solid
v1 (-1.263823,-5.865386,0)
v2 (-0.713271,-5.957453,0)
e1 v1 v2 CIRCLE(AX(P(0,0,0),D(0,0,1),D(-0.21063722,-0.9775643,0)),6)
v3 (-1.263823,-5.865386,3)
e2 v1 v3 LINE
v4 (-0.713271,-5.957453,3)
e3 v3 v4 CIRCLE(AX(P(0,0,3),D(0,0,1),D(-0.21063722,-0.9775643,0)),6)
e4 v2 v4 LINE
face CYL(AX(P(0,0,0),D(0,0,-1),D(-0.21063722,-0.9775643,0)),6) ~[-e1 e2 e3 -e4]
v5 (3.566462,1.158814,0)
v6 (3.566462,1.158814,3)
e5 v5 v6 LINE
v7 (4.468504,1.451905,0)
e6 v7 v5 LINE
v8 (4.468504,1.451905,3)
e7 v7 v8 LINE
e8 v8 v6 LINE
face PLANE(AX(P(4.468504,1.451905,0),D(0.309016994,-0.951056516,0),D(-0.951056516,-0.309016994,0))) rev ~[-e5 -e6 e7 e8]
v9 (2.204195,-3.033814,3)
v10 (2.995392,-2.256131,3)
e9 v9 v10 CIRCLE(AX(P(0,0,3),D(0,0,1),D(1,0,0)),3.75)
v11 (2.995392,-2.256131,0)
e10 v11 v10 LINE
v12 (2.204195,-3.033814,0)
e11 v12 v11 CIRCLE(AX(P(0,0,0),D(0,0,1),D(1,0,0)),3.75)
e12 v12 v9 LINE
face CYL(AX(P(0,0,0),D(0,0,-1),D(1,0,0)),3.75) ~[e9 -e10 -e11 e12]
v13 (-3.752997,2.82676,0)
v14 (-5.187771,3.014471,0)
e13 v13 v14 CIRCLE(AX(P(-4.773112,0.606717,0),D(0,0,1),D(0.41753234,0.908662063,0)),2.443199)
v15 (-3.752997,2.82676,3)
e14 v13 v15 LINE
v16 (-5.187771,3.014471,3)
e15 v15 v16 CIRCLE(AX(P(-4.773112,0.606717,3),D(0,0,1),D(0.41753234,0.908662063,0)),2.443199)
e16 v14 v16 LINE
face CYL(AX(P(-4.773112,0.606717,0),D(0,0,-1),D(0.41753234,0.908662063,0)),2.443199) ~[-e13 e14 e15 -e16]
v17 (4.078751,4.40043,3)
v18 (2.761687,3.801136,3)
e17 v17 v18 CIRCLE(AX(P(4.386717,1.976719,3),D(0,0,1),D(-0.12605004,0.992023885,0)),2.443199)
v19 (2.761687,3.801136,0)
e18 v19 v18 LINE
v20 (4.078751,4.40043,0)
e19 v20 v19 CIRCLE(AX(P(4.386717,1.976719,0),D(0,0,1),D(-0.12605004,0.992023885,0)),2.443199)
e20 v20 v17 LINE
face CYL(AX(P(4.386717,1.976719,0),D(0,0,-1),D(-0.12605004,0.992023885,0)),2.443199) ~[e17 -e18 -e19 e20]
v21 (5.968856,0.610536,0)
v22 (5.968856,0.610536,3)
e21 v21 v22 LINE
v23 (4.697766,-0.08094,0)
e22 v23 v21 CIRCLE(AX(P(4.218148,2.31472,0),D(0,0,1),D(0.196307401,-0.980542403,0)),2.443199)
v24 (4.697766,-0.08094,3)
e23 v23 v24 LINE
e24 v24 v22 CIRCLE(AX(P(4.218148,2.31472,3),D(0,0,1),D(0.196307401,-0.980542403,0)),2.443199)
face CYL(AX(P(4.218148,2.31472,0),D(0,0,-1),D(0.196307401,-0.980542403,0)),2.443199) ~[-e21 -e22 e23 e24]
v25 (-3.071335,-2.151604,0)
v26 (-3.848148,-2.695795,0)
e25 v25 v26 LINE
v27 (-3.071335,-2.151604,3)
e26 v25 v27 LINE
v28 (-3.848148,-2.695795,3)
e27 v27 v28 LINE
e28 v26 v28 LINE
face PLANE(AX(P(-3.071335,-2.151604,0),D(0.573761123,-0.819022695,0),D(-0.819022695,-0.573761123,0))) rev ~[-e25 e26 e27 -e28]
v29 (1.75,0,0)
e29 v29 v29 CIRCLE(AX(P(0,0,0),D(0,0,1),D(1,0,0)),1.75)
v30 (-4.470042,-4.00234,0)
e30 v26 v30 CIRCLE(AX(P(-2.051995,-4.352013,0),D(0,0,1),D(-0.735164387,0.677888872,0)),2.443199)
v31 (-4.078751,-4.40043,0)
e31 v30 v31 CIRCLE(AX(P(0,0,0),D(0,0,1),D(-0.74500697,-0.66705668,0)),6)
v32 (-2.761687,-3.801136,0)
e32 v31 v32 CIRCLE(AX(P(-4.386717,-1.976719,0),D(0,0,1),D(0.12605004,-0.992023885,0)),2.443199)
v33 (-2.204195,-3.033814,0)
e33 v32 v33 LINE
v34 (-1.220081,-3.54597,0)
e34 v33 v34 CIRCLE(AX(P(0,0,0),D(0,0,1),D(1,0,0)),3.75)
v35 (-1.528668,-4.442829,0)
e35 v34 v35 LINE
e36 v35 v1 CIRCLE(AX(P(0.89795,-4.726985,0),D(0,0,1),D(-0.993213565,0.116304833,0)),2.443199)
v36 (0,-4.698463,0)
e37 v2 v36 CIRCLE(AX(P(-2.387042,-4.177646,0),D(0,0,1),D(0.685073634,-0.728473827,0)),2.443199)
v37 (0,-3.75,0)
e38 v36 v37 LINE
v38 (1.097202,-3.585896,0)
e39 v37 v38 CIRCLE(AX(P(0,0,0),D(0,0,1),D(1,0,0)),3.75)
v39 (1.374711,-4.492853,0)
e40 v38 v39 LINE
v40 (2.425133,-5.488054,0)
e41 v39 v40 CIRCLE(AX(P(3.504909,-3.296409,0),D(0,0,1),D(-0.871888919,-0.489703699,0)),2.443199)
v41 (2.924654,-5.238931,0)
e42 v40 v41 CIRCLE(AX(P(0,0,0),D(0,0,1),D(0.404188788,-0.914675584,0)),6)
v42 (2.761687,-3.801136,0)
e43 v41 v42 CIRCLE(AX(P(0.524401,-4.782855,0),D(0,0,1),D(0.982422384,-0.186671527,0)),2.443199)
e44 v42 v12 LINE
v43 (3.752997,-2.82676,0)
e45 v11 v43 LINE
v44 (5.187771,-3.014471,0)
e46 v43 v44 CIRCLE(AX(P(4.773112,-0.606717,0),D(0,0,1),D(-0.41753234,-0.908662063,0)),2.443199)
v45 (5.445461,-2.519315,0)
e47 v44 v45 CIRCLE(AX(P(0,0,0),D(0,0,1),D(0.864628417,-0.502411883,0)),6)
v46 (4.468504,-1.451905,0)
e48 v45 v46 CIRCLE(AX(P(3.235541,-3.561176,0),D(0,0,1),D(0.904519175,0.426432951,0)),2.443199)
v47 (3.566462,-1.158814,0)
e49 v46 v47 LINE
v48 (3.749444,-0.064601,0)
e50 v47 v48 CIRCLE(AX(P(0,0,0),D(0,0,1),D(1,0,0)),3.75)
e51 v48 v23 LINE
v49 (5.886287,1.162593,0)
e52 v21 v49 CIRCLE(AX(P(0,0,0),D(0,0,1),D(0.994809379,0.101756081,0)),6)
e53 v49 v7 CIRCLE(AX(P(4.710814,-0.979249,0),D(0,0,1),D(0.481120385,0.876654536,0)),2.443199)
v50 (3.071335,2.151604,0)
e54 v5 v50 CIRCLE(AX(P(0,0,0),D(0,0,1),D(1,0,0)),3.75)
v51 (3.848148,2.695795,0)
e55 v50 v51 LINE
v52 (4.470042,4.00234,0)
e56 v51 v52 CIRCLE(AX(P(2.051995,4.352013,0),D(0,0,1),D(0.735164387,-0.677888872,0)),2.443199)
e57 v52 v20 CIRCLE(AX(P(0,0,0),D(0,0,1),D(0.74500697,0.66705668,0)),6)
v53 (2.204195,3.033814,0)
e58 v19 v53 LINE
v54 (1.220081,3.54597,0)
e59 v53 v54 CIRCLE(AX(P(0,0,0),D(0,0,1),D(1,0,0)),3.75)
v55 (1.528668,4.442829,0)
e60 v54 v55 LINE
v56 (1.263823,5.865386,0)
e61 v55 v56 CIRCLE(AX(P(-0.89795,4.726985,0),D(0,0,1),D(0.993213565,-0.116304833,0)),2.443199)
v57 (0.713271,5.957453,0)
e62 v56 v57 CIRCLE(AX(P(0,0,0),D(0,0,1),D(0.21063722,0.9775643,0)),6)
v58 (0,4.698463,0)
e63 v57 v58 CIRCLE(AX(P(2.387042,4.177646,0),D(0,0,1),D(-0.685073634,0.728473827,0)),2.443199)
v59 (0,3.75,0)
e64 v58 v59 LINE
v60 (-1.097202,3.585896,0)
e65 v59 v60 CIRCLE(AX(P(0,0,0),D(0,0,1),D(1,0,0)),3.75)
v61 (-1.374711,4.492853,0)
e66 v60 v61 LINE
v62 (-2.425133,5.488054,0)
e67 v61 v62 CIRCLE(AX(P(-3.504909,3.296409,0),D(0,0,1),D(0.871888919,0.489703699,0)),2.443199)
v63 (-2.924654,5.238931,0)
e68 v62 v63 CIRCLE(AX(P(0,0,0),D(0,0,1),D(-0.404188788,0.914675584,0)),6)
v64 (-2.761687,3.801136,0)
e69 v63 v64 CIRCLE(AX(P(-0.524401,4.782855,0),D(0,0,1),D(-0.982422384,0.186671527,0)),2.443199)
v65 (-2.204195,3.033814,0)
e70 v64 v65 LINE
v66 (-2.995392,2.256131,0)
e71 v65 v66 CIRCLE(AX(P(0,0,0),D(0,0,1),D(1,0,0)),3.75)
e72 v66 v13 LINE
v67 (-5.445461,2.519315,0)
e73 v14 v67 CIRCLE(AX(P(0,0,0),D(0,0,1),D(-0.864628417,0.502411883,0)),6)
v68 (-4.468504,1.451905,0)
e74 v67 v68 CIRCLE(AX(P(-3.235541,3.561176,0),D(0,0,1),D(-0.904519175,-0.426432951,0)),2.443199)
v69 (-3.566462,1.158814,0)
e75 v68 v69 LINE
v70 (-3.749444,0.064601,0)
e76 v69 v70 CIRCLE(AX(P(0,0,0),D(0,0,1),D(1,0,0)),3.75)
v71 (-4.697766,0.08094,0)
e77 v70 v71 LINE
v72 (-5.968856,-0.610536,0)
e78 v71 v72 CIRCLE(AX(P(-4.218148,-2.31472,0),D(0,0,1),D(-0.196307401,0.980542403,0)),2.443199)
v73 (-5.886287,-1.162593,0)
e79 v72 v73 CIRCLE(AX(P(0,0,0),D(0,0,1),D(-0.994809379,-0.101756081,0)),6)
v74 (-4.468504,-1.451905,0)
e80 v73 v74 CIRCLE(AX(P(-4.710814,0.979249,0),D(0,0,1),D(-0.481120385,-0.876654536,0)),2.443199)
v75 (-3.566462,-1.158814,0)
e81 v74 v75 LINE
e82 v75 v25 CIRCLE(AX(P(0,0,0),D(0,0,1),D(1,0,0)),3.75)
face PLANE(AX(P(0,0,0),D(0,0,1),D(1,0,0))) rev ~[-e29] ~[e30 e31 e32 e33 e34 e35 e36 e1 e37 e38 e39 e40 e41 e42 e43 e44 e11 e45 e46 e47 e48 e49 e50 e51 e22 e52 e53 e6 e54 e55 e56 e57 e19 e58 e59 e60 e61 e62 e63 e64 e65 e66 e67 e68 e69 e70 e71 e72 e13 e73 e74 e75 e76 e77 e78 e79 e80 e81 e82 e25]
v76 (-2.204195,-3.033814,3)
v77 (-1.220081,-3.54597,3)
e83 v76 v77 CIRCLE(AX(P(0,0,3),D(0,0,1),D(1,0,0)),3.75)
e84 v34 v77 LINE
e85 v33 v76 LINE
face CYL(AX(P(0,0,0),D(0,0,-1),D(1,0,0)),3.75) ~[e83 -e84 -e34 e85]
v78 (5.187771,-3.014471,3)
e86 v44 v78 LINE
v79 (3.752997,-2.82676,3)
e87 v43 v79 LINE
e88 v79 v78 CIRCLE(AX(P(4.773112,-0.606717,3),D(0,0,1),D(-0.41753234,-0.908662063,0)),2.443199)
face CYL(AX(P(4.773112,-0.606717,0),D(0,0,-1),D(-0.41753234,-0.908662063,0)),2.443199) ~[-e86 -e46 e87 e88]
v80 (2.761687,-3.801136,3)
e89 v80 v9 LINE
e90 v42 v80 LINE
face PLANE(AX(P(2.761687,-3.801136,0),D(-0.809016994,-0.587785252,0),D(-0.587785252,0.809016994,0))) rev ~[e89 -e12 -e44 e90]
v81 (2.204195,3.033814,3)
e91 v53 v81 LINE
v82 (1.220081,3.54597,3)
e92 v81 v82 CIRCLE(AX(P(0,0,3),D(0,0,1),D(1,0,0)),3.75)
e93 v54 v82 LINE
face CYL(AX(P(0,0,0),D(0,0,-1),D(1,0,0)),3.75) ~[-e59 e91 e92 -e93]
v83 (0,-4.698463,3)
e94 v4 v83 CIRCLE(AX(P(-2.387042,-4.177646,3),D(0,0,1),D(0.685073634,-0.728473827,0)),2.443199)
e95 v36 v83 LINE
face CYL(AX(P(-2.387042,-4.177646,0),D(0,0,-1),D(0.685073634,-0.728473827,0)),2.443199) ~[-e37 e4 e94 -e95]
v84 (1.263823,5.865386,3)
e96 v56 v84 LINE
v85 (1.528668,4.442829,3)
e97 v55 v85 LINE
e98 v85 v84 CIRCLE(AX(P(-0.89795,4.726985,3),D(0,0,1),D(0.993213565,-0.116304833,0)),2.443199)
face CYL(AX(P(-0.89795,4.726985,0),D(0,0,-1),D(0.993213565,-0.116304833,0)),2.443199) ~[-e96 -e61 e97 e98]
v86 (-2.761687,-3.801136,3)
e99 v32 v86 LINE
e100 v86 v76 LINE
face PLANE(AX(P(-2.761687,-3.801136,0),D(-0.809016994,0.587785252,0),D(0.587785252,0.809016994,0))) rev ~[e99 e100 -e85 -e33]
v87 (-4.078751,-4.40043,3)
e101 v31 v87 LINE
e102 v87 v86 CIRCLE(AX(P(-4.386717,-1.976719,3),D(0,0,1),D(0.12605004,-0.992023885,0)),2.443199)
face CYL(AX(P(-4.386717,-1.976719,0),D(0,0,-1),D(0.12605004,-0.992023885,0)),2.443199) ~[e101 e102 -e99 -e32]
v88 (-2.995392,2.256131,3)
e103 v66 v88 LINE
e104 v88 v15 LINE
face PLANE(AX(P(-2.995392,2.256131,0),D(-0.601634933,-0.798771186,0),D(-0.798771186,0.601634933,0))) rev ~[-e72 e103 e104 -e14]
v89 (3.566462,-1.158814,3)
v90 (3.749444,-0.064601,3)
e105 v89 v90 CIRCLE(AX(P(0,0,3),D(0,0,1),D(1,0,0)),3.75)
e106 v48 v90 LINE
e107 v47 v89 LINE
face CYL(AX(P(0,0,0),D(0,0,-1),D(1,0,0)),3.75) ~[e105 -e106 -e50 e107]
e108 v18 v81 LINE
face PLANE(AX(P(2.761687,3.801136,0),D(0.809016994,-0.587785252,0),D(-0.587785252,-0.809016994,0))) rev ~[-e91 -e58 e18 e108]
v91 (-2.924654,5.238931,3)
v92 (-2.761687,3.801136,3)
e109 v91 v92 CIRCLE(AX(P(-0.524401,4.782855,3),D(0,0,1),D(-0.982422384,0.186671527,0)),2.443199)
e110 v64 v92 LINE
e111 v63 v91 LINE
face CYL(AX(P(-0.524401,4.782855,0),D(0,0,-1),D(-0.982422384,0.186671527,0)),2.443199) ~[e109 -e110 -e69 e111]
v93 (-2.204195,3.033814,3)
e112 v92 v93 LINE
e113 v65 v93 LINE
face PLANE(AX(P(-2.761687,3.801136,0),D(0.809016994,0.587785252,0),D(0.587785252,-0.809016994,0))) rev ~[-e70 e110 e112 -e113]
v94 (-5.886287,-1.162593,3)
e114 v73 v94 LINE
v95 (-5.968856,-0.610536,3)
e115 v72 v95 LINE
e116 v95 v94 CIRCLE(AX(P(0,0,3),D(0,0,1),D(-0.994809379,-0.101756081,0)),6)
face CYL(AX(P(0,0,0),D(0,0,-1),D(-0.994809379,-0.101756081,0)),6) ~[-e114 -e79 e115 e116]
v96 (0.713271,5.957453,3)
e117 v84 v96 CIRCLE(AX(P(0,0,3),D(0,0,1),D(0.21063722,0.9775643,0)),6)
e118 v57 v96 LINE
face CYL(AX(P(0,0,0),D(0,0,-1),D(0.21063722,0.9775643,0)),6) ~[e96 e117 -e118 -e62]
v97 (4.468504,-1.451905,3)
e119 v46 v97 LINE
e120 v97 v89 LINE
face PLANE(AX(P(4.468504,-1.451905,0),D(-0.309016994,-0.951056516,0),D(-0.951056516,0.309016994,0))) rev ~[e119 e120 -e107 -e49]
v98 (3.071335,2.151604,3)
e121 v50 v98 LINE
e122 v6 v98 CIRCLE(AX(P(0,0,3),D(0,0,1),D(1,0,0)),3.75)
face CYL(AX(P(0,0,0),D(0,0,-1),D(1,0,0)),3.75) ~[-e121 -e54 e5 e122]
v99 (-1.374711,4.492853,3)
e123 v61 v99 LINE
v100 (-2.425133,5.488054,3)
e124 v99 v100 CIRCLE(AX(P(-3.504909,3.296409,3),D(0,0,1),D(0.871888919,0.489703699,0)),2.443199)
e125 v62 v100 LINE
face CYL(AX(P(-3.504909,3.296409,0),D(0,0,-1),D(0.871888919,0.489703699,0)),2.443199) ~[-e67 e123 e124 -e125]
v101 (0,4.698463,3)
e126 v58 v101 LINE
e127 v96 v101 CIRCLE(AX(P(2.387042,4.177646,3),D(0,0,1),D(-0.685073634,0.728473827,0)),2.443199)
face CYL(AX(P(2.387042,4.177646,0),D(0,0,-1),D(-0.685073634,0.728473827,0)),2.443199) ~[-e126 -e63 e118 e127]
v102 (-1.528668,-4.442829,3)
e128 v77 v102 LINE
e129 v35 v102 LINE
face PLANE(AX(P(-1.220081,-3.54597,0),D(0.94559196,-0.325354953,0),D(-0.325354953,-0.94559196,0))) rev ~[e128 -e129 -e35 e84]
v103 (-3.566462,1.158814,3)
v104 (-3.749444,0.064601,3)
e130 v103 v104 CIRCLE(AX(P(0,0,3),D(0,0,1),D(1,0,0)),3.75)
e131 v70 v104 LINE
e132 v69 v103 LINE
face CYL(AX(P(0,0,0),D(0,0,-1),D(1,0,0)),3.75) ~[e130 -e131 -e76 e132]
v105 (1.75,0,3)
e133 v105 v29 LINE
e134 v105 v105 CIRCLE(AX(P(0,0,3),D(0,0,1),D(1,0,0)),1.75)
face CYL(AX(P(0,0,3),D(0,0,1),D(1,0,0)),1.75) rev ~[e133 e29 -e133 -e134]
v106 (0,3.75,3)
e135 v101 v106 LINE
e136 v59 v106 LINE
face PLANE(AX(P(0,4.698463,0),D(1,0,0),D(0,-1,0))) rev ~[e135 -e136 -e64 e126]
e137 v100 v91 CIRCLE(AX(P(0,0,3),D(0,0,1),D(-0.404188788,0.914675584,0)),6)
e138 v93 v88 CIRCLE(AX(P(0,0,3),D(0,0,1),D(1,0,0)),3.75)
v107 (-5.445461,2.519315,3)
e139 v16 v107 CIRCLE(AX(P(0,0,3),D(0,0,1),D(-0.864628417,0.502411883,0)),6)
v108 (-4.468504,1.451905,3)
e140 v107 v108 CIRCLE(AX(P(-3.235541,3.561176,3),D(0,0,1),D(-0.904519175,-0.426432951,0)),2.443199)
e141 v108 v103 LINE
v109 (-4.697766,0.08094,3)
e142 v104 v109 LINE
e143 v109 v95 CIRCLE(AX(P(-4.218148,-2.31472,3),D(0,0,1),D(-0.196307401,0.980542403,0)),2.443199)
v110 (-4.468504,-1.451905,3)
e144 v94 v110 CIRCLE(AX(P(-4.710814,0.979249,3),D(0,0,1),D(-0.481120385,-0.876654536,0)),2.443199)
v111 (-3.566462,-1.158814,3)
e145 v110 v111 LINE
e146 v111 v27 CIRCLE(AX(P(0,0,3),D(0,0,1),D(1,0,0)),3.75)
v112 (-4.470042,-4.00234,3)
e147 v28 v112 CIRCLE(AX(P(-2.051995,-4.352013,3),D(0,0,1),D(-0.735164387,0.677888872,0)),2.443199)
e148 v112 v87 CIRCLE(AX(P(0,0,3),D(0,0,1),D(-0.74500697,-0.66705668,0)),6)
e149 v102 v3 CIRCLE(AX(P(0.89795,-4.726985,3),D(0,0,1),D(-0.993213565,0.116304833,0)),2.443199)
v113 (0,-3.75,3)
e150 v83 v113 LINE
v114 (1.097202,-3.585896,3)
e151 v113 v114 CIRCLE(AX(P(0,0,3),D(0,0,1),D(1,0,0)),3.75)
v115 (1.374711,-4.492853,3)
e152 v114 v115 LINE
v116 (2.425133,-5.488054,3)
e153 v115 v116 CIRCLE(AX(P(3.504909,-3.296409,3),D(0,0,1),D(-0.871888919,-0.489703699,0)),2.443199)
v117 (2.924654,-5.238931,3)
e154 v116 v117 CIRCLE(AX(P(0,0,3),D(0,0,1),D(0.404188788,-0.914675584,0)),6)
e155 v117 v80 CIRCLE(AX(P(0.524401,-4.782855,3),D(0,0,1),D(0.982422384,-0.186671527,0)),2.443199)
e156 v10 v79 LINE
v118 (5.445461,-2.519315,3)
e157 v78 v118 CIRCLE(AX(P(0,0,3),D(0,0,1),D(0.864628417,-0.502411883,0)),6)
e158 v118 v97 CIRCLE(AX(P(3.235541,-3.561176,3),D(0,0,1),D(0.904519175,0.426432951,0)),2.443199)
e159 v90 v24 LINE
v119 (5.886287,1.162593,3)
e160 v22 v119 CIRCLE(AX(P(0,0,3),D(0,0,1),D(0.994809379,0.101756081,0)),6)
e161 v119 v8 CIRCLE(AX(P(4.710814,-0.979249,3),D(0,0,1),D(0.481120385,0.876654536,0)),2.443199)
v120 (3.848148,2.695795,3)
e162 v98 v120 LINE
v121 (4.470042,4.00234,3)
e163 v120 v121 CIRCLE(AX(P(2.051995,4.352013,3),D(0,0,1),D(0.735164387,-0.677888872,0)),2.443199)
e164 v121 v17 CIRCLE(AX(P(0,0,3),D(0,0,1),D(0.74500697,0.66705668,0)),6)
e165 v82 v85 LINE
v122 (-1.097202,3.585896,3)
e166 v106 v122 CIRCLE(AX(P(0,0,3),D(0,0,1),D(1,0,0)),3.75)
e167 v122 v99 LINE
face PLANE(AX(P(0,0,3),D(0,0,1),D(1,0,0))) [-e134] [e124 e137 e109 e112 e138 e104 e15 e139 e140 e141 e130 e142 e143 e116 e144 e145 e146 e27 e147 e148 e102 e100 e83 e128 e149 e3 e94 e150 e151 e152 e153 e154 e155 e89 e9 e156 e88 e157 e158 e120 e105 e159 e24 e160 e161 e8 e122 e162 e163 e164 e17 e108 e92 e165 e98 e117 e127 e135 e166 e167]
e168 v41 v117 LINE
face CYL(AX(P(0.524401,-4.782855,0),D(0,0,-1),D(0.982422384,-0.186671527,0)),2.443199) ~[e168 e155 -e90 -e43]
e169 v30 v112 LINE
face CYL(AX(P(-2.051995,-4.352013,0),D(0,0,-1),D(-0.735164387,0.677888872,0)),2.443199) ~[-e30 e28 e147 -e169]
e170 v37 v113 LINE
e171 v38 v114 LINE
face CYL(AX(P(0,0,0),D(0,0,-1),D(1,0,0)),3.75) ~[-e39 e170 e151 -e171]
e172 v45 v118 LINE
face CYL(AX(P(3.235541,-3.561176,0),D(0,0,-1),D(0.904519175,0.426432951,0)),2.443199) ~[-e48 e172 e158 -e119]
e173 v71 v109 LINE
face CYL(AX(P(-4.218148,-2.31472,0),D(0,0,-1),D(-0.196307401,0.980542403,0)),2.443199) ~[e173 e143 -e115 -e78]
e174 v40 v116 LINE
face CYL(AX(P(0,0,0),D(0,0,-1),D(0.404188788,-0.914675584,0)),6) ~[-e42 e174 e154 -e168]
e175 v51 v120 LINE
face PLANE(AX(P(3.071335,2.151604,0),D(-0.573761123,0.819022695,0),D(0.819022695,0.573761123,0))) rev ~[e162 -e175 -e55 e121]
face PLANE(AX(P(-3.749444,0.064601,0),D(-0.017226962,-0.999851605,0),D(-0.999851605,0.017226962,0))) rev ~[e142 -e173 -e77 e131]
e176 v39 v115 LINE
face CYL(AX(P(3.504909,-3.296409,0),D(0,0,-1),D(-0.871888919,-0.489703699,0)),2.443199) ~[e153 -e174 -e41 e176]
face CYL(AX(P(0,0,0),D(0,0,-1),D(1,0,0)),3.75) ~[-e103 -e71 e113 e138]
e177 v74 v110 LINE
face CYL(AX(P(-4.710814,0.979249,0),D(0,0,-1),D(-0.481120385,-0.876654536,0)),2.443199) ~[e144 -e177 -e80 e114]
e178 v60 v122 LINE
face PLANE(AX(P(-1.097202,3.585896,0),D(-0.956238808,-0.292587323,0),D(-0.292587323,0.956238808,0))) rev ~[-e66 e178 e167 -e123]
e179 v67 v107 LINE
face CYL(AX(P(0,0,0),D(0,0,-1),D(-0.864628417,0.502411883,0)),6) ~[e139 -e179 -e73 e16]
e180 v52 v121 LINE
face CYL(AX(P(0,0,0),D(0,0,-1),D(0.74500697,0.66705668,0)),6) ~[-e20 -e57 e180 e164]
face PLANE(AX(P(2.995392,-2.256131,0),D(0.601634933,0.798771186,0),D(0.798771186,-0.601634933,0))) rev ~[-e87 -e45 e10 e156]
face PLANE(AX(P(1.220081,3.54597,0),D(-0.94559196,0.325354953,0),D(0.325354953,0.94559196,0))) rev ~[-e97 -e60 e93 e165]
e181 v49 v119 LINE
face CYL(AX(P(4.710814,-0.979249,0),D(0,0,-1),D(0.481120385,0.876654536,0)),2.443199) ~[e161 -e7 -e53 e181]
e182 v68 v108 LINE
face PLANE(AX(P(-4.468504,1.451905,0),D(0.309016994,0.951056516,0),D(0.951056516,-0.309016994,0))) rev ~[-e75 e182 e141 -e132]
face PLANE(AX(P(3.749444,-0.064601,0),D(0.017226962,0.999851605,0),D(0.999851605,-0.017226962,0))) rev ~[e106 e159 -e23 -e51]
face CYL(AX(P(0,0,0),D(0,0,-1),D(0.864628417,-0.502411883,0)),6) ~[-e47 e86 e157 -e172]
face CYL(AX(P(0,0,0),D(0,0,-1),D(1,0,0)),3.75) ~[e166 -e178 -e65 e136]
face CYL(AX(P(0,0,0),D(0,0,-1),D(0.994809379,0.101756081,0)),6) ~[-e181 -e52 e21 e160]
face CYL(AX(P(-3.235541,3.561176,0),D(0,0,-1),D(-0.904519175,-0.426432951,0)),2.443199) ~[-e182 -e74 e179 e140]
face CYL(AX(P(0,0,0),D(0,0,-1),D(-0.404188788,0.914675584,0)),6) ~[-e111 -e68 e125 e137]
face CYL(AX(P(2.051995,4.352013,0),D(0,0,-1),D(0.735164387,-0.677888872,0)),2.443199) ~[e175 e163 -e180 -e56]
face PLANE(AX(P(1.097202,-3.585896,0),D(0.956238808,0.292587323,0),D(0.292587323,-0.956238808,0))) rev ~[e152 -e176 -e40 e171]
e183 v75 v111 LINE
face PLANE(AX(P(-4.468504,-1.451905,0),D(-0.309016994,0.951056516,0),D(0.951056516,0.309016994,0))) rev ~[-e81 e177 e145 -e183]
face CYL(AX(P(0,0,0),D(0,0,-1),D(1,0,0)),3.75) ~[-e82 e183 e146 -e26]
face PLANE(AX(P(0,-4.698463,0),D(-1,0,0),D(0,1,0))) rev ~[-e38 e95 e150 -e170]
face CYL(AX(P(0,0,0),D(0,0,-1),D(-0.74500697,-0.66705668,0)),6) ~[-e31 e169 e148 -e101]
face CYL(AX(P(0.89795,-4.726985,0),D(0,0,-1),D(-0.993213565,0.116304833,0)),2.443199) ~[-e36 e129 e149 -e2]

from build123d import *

# Parameters (mm, degrees)
BOSS_EXTRU_1_DEPTH           = 3
R_P_TITION_CIRCULAIRE2_COUNT = 10
ESQUISSE5_R                  = 3.75
BOSS_EXTRU_2_DEPTH           = 3
ESQUISSE6_R                  = 1.75
ENL_V_MAT_EXTRU_1_DEPTH      = 4


with BuildPart() as part:
    # Esquisse4 → Boss.-Extru.1 (new body)
    with BuildSketch(Plane.XY):
        with BuildLine():
            Line((0, 4.698463104), (0, 3.75))
            ThreePointArc((0, 3.75), (0.618511546, 3.69864076), (1.220081074, 3.54596985))
            Line((1.220081074, 3.54596985), (1.528668242, 4.442828935))
            ThreePointArc((1.528668242, 4.442828935), (1.503976571, 5.174164178), (1.263823322, 5.865385802))
            ThreePointArc((1.263823322, 5.865385802), (0.989618473, 5.917825215), (0.71327115, 5.957452834))
            ThreePointArc((0.71327115, 5.957452834), (0.261291789, 5.381974273), (0, 4.698463104))
        make_face()
    extrude(amount=BOSS_EXTRU_1_DEPTH)


with BuildPart() as r_p_tition_circulaire2_1:
    # Répétition circulaire2: pattern copy
    add(part.part.rotate(Axis((0, 0, 0), (0, 0, 1)), 1 * 360 / R_P_TITION_CIRCULAIRE2_COUNT))


with BuildPart() as r_p_tition_circulaire2_2:
    # Répétition circulaire2: pattern copy
    add(part.part.rotate(Axis((0, 0, 0), (0, 0, 1)), 2 * 360 / R_P_TITION_CIRCULAIRE2_COUNT))


with BuildPart() as r_p_tition_circulaire2_3:
    # Répétition circulaire2: pattern copy
    add(part.part.rotate(Axis((0, 0, 0), (0, 0, 1)), 3 * 360 / R_P_TITION_CIRCULAIRE2_COUNT))


with BuildPart() as r_p_tition_circulaire2_4:
    # Répétition circulaire2: pattern copy
    add(part.part.rotate(Axis((0, 0, 0), (0, 0, 1)), 4 * 360 / R_P_TITION_CIRCULAIRE2_COUNT))


with BuildPart() as r_p_tition_circulaire2_5:
    # Répétition circulaire2: pattern copy
    add(part.part.rotate(Axis((0, 0, 0), (0, 0, 1)), 5 * 360 / R_P_TITION_CIRCULAIRE2_COUNT))


with BuildPart() as r_p_tition_circulaire2_6:
    # Répétition circulaire2: pattern copy
    add(part.part.rotate(Axis((0, 0, 0), (0, 0, 1)), 6 * 360 / R_P_TITION_CIRCULAIRE2_COUNT))


with BuildPart() as r_p_tition_circulaire2_7:
    # Répétition circulaire2: pattern copy
    add(part.part.rotate(Axis((0, 0, 0), (0, 0, 1)), 7 * 360 / R_P_TITION_CIRCULAIRE2_COUNT))


with BuildPart() as r_p_tition_circulaire2_8:
    # Répétition circulaire2: pattern copy
    add(part.part.rotate(Axis((0, 0, 0), (0, 0, 1)), 8 * 360 / R_P_TITION_CIRCULAIRE2_COUNT))


with BuildPart() as r_p_tition_circulaire2_9:
    # Répétition circulaire2: pattern copy
    add(part.part.rotate(Axis((0, 0, 0), (0, 0, 1)), 9 * 360 / R_P_TITION_CIRCULAIRE2_COUNT))


with BuildPart() as part_1:
    add(part.part)

    add(r_p_tition_circulaire2_1.part)  # Boss.-Extru.2 merges Répétition circulaire2_1

    add(r_p_tition_circulaire2_2.part)  # Boss.-Extru.2 merges Répétition circulaire2_2

    add(r_p_tition_circulaire2_3.part)  # Boss.-Extru.2 merges Répétition circulaire2_3

    add(r_p_tition_circulaire2_4.part)  # Boss.-Extru.2 merges Répétition circulaire2_4

    add(r_p_tition_circulaire2_5.part)  # Boss.-Extru.2 merges Répétition circulaire2_5

    add(r_p_tition_circulaire2_6.part)  # Boss.-Extru.2 merges Répétition circulaire2_6

    add(r_p_tition_circulaire2_7.part)  # Boss.-Extru.2 merges Répétition circulaire2_7

    add(r_p_tition_circulaire2_8.part)  # Boss.-Extru.2 merges Répétition circulaire2_8

    add(r_p_tition_circulaire2_9.part)  # Boss.-Extru.2 merges Répétition circulaire2_9
    # Esquisse5 → Boss.-Extru.2 (add)
    with BuildSketch(Plane.XY):
        Circle(ESQUISSE5_R)
    extrude(amount=BOSS_EXTRU_2_DEPTH)

    # Esquisse6 → Enlèv. mat.-Extru.1 (cut, through all)
    with BuildSketch(Plane.XY.offset(3)):
        Circle(ESQUISSE6_R)
    extrude(amount=-ENL_V_MAT_EXTRU_1_DEPTH, mode=Mode.SUBTRACT)


solid = part_1.part
